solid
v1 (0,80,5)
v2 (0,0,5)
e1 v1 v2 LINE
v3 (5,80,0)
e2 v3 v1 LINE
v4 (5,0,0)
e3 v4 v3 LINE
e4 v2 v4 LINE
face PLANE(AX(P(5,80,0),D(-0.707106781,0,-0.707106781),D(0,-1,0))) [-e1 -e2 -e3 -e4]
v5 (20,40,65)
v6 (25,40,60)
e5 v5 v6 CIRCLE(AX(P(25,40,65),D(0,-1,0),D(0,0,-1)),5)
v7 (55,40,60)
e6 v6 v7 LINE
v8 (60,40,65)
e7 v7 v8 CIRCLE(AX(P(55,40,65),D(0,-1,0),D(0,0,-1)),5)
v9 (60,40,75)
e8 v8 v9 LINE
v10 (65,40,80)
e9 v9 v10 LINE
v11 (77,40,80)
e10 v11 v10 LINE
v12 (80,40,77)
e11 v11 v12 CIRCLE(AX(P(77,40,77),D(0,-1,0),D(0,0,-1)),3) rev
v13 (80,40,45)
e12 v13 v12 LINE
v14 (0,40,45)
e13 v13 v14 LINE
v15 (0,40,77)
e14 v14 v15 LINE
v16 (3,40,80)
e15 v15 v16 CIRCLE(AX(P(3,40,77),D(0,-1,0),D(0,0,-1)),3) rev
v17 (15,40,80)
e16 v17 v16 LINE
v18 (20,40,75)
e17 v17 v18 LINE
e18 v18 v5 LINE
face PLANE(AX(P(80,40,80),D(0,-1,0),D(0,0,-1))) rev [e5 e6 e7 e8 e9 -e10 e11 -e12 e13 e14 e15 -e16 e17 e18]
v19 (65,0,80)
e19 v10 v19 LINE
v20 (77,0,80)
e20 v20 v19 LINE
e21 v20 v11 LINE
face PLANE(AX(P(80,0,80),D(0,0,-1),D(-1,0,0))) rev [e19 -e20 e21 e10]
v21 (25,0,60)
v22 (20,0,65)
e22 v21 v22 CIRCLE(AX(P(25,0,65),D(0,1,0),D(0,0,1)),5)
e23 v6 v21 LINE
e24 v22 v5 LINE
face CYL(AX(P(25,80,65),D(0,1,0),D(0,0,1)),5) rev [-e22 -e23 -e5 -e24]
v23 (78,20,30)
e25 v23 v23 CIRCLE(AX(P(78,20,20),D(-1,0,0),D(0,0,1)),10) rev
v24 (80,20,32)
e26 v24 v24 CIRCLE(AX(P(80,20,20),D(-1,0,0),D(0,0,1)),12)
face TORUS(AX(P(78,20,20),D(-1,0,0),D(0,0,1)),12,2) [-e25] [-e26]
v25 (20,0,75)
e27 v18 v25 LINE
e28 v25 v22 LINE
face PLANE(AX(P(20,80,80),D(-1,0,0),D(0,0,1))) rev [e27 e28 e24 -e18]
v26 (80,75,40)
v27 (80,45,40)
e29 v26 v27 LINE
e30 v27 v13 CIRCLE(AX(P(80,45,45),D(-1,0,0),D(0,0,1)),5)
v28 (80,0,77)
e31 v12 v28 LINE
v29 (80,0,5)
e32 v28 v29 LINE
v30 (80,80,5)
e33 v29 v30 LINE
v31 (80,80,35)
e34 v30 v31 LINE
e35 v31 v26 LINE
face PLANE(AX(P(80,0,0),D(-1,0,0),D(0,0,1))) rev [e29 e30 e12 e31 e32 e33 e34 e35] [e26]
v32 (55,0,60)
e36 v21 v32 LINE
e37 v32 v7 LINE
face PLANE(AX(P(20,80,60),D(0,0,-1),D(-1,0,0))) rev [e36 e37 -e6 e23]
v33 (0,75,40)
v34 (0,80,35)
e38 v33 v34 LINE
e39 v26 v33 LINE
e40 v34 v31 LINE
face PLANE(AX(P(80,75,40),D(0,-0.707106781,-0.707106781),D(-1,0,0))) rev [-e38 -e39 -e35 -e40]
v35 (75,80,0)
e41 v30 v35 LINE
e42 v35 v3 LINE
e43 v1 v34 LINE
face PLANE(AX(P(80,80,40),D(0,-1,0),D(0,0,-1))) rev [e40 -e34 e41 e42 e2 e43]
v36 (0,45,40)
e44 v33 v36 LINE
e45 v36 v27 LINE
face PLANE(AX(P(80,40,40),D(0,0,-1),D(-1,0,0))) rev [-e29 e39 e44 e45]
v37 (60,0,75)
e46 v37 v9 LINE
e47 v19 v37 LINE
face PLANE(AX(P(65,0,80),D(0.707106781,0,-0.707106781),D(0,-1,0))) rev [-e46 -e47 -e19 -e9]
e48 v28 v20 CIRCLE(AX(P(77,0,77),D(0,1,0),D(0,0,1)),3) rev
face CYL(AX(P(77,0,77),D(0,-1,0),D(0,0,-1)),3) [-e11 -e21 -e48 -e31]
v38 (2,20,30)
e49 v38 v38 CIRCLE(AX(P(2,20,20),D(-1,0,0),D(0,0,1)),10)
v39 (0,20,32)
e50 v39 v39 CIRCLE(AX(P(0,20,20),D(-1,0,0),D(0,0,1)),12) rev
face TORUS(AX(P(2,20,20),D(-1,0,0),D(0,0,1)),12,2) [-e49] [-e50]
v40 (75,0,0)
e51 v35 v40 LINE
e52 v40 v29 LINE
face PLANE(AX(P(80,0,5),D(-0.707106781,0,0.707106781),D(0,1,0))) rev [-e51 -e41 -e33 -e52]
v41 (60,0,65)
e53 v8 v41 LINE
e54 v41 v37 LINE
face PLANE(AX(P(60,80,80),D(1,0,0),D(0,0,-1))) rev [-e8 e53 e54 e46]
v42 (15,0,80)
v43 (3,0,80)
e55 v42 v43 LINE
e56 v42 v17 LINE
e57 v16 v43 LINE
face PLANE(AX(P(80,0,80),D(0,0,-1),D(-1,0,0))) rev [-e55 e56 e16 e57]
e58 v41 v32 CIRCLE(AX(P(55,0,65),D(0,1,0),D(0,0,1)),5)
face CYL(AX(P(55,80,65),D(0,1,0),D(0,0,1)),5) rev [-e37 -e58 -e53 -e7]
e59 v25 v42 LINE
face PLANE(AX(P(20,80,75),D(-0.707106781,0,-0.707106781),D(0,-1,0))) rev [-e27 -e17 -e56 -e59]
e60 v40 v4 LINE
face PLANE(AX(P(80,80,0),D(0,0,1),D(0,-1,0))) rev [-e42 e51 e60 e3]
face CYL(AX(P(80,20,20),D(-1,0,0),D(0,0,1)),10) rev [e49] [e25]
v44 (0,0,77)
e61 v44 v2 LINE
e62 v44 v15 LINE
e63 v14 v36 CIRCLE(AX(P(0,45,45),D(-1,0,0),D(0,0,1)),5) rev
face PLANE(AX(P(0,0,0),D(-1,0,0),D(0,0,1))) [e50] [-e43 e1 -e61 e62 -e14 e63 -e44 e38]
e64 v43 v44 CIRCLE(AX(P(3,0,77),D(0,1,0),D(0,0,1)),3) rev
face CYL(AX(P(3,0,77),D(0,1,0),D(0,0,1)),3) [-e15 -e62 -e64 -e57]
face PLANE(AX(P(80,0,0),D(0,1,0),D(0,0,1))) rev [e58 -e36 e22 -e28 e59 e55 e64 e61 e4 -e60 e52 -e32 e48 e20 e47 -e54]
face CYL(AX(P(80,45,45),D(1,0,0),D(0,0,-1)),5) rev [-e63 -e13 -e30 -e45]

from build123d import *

# Parameters (mm, degrees)
SKETCH4_R           = 10
BOSS_EXTRUDE1_DEPTH = 80
SKETCH5_W           = 40
SKETCH5_H           = 20
CUT_EXTRUDE1_DEPTH  = 139.564064606
FILLET1_R           = 3
CHAMFER1_SIZE       = 5
FILLET2_R           = 5
FILLET4_R           = 5
CHAMFER3_SIZE       = 5
FILLET5_R           = 2
FILLET6_R           = 2
CHAMFER4_SIZE       = 5
CHAMFER5_SIZE       = 5


with BuildPart() as part:
    # Sketch4 → Boss-Extrude1 (new body)
    with BuildSketch(Plane(origin=(0, 0, 0), x_dir=(0, 0, -1), z_dir=(1, 0, 0))):
        Polygon((0, 0), (-80, 0), (-80, 40), (-40, 40), (-40, 80), (0, 80), align=None)
        with Locations((-20, 20)):
            Circle(SKETCH4_R, mode=Mode.SUBTRACT)
    extrude(amount=BOSS_EXTRUDE1_DEPTH)

    # Sketch5 → Cut-Extrude1 (cut, through all)
    with BuildSketch(Plane.XZ):
        with Locations((40, 70)):
            Rectangle(SKETCH5_W, SKETCH5_H)
    extrude(amount=-CUT_EXTRUDE1_DEPTH, mode=Mode.SUBTRACT)

    # Fillet1
    fillet1_edges = [part.edges().sort_by_distance(p)[0] for p in [
        (80, 20, 80),
        (0, 20, 80),
    ]]
    fillet(fillet1_edges, radius=FILLET1_R)

    # Chamfer1
    chamfer1_edges = [part.edges().sort_by_distance(p)[0] for p in [
        (20, 20, 80),
        (60, 20, 80),
    ]]
    chamfer(chamfer1_edges, length=CHAMFER1_SIZE)

    # Fillet2
    fillet2_edges = [part.edges().sort_by_distance(p)[0] for p in [
        (20, 20, 60),
        (60, 20, 60),
    ]]
    fillet(fillet2_edges, radius=FILLET2_R)

    # Fillet4
    fillet4_edges = [part.edges().sort_by_distance(p)[0] for p in [
        (40, 40, 40),
    ]]
    fillet(fillet4_edges, radius=FILLET4_R)

    # Chamfer3
    chamfer3_edges = [part.edges().sort_by_distance(p)[0] for p in [
        (40, 80, 40),
    ]]
    chamfer(chamfer3_edges, length=CHAMFER3_SIZE)

    # Fillet5
    fillet5_edges = [part.edges().sort_by_distance(p)[0] for p in [
        (0, 20, 30),
    ]]
    fillet(fillet5_edges, radius=FILLET5_R)

    # Fillet6
    fillet6_edges = [part.edges().sort_by_distance(p)[0] for p in [
        (80, 20, 30),
    ]]
    fillet(fillet6_edges, radius=FILLET6_R)

    # Chamfer4
    chamfer4_edges = [part.edges().sort_by_distance(p)[0] for p in [
        (80, 40, 0),
    ]]
    chamfer(chamfer4_edges, length=CHAMFER4_SIZE)

    # Chamfer5
    chamfer5_edges = [part.edges().sort_by_distance(p)[0] for p in [
        (0, 40, 0),
    ]]
    chamfer(chamfer5_edges, length=CHAMFER5_SIZE)


solid = part.part
